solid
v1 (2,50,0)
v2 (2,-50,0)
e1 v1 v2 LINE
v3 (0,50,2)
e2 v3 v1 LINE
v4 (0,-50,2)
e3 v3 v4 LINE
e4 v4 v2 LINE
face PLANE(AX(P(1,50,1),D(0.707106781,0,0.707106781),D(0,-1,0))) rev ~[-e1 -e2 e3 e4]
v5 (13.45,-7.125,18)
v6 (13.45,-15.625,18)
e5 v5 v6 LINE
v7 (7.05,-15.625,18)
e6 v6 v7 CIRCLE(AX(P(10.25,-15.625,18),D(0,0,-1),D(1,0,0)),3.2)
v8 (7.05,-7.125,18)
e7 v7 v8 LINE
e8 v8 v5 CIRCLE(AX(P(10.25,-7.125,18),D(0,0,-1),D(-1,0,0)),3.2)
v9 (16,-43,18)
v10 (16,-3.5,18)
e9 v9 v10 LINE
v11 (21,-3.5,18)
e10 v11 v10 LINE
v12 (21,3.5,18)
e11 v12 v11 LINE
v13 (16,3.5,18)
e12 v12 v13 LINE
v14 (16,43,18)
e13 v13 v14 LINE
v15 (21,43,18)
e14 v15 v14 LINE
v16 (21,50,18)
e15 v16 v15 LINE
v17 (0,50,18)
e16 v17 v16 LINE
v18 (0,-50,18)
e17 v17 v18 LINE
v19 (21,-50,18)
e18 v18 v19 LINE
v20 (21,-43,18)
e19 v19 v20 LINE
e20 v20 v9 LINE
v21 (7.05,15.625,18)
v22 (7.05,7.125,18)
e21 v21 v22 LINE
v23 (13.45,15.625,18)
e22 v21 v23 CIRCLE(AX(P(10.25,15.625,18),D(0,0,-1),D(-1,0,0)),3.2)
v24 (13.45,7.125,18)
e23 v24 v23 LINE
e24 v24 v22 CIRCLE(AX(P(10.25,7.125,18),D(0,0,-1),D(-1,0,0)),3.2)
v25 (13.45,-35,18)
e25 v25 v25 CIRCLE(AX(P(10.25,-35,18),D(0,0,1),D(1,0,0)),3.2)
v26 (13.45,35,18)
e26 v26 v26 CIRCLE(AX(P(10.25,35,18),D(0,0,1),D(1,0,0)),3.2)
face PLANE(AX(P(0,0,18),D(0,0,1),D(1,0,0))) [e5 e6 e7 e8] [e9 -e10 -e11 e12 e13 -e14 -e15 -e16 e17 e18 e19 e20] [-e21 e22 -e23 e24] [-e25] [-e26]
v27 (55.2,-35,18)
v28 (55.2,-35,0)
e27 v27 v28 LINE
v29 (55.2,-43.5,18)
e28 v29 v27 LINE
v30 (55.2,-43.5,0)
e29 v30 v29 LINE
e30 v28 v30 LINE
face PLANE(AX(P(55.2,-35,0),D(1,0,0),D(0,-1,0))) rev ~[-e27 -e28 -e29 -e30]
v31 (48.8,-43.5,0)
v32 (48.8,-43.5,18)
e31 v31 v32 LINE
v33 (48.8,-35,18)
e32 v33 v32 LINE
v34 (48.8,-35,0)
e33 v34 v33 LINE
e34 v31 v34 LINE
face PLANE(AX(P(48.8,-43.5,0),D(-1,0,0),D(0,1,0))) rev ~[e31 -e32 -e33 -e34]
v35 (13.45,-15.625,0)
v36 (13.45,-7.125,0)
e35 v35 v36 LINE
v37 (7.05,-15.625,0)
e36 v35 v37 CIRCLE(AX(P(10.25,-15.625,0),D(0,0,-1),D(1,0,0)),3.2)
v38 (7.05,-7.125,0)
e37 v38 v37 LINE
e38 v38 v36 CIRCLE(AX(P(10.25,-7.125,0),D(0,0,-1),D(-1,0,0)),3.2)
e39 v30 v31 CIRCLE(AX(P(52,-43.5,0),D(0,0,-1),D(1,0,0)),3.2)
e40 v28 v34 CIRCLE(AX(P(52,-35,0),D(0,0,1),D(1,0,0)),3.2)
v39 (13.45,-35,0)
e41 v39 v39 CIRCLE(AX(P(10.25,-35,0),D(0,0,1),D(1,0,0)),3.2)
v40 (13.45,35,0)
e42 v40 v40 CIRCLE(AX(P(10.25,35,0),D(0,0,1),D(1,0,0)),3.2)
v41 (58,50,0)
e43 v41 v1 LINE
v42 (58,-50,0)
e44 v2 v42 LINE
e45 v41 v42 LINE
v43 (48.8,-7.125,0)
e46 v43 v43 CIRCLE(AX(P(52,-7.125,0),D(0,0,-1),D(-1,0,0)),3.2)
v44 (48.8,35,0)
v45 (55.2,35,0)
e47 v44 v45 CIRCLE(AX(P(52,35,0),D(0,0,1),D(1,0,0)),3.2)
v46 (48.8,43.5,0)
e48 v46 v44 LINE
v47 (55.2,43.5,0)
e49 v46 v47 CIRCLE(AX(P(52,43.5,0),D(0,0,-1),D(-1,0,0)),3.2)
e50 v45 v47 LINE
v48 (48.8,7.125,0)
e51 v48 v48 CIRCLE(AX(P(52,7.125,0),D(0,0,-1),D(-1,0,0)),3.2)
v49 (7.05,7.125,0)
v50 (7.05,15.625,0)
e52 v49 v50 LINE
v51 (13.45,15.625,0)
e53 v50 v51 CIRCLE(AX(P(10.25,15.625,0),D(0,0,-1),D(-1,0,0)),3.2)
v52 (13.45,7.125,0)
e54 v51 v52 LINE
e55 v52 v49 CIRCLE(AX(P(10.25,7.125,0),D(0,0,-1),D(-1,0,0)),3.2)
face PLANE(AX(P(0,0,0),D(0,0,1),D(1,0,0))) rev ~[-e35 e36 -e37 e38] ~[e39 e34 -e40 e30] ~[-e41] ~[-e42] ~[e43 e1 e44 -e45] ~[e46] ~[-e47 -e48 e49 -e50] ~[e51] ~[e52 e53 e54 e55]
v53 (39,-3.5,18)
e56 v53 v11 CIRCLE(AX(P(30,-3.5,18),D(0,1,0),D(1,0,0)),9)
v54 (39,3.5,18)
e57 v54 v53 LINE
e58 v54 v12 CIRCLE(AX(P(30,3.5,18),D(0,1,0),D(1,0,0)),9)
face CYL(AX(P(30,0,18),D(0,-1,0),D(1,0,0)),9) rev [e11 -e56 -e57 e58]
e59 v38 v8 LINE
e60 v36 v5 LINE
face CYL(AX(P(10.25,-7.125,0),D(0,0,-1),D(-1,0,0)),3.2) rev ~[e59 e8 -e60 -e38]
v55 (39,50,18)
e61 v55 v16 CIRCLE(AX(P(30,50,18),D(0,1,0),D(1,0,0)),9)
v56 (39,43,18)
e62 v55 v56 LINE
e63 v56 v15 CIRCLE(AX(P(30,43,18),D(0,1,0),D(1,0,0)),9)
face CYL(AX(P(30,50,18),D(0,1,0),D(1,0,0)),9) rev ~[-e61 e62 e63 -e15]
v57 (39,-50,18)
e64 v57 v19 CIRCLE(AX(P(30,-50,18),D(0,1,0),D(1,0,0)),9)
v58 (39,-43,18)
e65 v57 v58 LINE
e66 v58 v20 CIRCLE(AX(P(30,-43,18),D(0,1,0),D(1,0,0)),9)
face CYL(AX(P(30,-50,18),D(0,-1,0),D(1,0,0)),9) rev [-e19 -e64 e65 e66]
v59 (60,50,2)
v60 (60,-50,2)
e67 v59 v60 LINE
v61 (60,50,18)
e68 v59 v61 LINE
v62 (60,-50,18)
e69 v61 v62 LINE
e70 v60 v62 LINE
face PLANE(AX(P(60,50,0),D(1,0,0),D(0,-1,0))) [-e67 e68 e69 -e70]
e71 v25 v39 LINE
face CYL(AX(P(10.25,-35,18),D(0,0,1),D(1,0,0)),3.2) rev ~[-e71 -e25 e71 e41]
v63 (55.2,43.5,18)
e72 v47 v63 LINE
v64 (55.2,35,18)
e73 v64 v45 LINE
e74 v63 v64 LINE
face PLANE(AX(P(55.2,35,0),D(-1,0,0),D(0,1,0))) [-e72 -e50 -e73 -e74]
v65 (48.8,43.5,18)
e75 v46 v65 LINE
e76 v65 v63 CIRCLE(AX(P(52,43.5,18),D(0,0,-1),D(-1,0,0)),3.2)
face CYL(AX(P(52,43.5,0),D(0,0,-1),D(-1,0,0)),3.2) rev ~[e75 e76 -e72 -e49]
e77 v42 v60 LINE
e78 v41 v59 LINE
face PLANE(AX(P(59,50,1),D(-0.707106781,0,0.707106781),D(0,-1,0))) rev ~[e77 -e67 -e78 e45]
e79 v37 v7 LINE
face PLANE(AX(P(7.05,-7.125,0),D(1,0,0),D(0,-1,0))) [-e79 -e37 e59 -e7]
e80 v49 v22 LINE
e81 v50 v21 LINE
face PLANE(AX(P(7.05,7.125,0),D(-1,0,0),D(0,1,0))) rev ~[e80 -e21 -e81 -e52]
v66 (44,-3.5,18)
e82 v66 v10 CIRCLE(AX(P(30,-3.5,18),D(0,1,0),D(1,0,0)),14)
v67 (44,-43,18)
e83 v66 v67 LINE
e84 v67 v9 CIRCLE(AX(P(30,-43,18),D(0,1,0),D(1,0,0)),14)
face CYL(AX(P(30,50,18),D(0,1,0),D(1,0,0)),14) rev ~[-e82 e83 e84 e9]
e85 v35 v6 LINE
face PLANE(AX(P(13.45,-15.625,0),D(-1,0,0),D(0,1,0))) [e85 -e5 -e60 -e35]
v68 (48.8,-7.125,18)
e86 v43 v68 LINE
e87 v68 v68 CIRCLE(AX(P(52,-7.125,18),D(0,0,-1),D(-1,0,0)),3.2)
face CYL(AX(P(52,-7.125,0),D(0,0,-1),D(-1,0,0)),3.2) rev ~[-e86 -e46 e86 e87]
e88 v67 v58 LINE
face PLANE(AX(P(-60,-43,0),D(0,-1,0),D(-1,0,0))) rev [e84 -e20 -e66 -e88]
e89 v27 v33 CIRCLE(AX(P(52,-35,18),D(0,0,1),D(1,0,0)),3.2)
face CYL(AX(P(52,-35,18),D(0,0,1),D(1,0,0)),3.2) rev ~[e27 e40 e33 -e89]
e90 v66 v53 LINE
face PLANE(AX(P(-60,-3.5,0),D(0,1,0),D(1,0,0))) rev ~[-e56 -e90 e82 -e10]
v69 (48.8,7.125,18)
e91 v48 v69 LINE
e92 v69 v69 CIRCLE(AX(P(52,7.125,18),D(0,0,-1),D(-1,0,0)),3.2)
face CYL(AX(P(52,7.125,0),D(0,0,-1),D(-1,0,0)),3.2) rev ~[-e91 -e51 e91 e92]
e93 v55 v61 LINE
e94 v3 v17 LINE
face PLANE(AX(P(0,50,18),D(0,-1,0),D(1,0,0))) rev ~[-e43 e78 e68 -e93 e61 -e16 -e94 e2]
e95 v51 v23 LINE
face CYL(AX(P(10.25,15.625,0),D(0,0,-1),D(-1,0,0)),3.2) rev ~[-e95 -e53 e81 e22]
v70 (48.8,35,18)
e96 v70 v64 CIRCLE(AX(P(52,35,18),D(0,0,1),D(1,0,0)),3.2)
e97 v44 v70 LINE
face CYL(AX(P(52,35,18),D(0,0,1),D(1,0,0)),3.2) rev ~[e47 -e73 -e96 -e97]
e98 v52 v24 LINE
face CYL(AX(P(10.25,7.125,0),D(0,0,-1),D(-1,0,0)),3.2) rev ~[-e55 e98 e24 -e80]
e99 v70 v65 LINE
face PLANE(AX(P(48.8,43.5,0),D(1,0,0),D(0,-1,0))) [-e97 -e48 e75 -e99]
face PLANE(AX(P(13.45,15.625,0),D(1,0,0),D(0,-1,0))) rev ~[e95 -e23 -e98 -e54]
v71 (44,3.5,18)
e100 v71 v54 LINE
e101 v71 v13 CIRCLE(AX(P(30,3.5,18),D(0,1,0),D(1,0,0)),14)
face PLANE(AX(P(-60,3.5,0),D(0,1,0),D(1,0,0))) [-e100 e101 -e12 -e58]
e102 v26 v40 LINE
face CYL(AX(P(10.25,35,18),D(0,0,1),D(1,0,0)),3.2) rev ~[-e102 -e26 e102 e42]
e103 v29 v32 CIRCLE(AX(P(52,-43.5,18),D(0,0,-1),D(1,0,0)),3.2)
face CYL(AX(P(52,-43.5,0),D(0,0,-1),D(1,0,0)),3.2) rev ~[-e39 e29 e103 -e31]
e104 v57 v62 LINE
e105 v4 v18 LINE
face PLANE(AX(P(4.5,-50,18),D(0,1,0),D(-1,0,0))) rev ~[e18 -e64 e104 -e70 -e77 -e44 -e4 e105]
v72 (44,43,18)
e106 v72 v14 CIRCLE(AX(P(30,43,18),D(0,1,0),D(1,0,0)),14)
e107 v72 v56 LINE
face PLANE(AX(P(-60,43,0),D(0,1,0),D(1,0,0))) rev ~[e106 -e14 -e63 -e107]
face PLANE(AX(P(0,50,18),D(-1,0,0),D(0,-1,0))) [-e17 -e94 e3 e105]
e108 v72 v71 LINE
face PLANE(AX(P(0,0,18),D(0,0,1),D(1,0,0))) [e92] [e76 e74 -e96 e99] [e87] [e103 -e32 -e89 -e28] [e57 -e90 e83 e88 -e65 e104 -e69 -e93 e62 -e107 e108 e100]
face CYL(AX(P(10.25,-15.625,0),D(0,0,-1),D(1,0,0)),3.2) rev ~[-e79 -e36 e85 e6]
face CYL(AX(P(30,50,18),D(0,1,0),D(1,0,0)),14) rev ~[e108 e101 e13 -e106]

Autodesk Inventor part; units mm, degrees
ref_plane "YZ Plane" through (0, 0, 0) normal (1, 0, 0) x (0, 1, 0)
ref_plane "XZ Plane" through (0, 0, 0) normal (0, 1, 0) x (-1, 0, 0)
ref_plane "XY Plane" through (0, 0, 0) normal (0, 0, 1) x (1, 0, 0)
sketch "Sketch1" plane through (0, 0, 0) normal (0, 0, 1) x (1, 0, 0)
  line L0 (-60, 50) -> (60, 50)
  line L1 (60, 50) -> (60, -50)
  line L2 (60, -50) -> (-60, -50)
  line L3 (-60, -50) -> (-60, 50)
  point P0 (0, 0)
  point P1 (-60, 0)
  point P2 (0, 50)
  dimension "d0" = 120
  dimension "d1" = 100
extrude "Extrusion1" add sketch "Sketch1" along normal blind 18
sketch "Sketch2" plane through (-60, 50, 0) normal (0, 1, 0) x (1, 0, 0)
  line L0 (0, 0) -> (120, 0) projected
  line L1 (0, 0) -> (0, -18) projected
  line L2 (120, -18) -> (0, -18) projected
  line L3 (120, 0) -> (120, -18) projected
  line L4 (120, -18) -> (0, -18) projected
  circle A0 centre (30, -18) radius 14
  circle A1 centre (90, -18) radius 14
  circle A2 centre (60, -18) radius 4.5
  point P0 (60, 0)
  dimension "d4" = 28
  dimension "d5" = 9
  dimension "d11" = 30
  dimension "d12" = 30
extrude "Extrusion2" cut sketch "Sketch2" against normal through all contours A0 L2 | L2 A0 | A1 L2 | L2 A1 | A2 L2 | L2 A2
sketch "Sketch3" plane through (0, 0, 18) normal (0, 0, 1) x (1, 0, 0)
  line L0 (16, -50) -> (16, 50) projected
  line L1 (16, 50) -> (4.5, 50) projected
  line L2 (4.5, 50) -> (4.5, -50) projected
  line L3 (4.5, -50) -> (16, -50) projected
  line L4 (-4.5, -50) -> (-4.5, 50) projected
  line L5 (-4.5, 50) -> (-16, 50) projected
  line L6 (-16, 50) -> (-16, -50) projected
  line L7 (-16, -50) -> (-4.5, -50) projected
  line L8 (-44, -50) -> (-44, 50) projected
  line L9 (-44, 50) -> (-60, 50) projected
  line L10 (-60, 50) -> (-60, -50) projected
  line L11 (-60, -50) -> (-44, -50) projected
  line L12 (44, 50) -> (44, -50) projected
  line L13 (44, -50) -> (60, -50) projected
  line L14 (60, -50) -> (60, 50) projected
  line L15 (60, 50) -> (44, 50) projected
  line L16 (-60, 50) -> (60, 50) construction
  line L17 (-52, 50) -> (-52, -50) construction
  line L18 (52, 50) -> (52, -50) construction
  line L19 (16, 50) -> (4.5, 50) construction
  line L20 (10.25, 50) -> (10.25, -50) construction
  line L21 (4.5, -50) -> (16, -50) construction
  line L22 (-10.25, 50) -> (-10.25, -50) construction
  line L23 (-16, -50) -> (-4.5, -50) construction
  circle A0 centre (-52, 35) radius 3.2
  circle A1 centre (-52, -35) radius 3.2
  circle A2 centre (52, 35) radius 3.2
  circle A3 centre (52, -35) radius 3.2
  circle A4 centre (-10.25, 35) radius 3.2
  circle A5 centre (10.25, 35) radius 3.2
  circle A6 centre (-10.25, -35) radius 3.2
  circle A7 centre (10.25, -35) radius 3.2
  dimension "d13" = 15
  dimension "d14" = 15
  dimension "d15" = 6.4
extrude "Extrusion3" cut sketch "Sketch3" against normal through all contours A0 | A1 | A2 | A3 | A4 | A5 | A6 | A7
sketch "Sketch6" plane through (0, 0, 0) normal (0, 0, -1) x (-1, 0, 0)
  circle A0 centre (-52, 35) radius 3.2 projected
  circle A1 centre (52, 35) radius 3.2 projected
  circle A2 centre (10.25, 35) radius 3.2 projected
  circle A3 centre (-10.25, 35) radius 3.2 projected
  circle A4 centre (-10.25, -35) radius 3.2 projected
  circle A5 centre (10.25, -35) radius 3.2 projected
  circle A6 centre (52, -35) radius 3.2 projected
  circle A7 centre (-52, -35) radius 3.2 projected
  line L0 (60, 50) -> (-60, 50) projected
  line L1 (-60, 50) -> (-60, -50) projected
  line L2 (-60, -50) -> (60, -50) projected
  line L3 (60, -50) -> (60, 50) projected
  line L4 (52, 7.125) -> (-52, 7.125) construction
  line L5 (-52, 7.125) -> (-52, -7.125) construction
  line L6 (-52, -7.125) -> (52, -7.125) construction
  line L7 (52, -7.125) -> (52, 7.125) construction
  circle A8 centre (-52, -7.125) radius 3.2
  circle A9 centre (52, -7.125) radius 3.2
  circle A10 centre (10.25, -7.125) radius 3.2
  circle A11 centre (-10.25, -7.125) radius 3.2
  circle A12 centre (-10.25, 7.125) radius 3.2
  circle A13 centre (10.25, 7.125) radius 3.2
  circle A14 centre (52, 7.125) radius 3.2
  circle A15 centre (-52, 7.125) radius 3.2
  point P0 (0, 0)
  point P1 (0, 7.125)
  point P2 (52, 0)
  dimension "d26" = 14.25
  dimension "d27" = 6.4
extrude "Extrusion6" cut sketch "Sketch6" against normal through all contours A8 | A9 | A10 | A11 | A12 | A13 | A14 | A15
sketch "Sketch7" plane through (0, 0, 0) normal (0, 0, -1) x (-1, 0, 0)
  circle A0 centre (52, 7.125) radius 3.2 projected
  circle A1 centre (-10.25, 7.125) radius 3.2 projected
  circle A2 centre (10.25, -7.125) radius 3.2 projected
  circle A3 centre (-52, -7.125) radius 3.2 projected
  circle A4 centre (52, -7.125) radius 3.2 projected
  circle A5 centre (-10.25, -7.125) radius 3.2 projected
  circle A6 centre (10.25, 7.125) radius 3.2 projected
  circle A7 centre (-52, 7.125) radius 3.2 projected
  circle A8 centre (-52, 35) radius 3.2 projected
  circle A9 centre (52, 35) radius 3.2 projected
  circle A10 centre (10.25, 35) radius 3.2 projected
  circle A11 centre (-10.25, 35) radius 3.2 projected
  circle A12 centre (-10.25, -35) radius 3.2 projected
  circle A13 centre (10.25, -35) radius 3.2 projected
  circle A14 centre (52, -35) radius 3.2 projected
  circle A15 centre (-52, -35) radius 3.2 projected
  line L0 (60, 50) -> (-60, 50) projected
  line L1 (-60, 50) -> (-60, -50) projected
  line L2 (-60, -50) -> (60, -50) projected
  line L3 (60, -50) -> (60, 50) projected
  line L4 (52, -35) -> (52, -43.5) construction
  line L5 (55.2, -35) -> (55.2, -43.5)
  line L6 (48.8, -43.5) -> (48.8, -35)
  arc A16 (55.2, -35) -> (48.8, -35) centre (52, -35) ccw
  arc A17 (48.8, -43.5) -> (55.2, -43.5) centre (52, -43.5) ccw
  line L7 (-52, -35) -> (-52, -43.5) construction
  line L8 (-55.2, -35) -> (-55.2, -43.5)
  line L9 (-48.8, -43.5) -> (-48.8, -35)
  arc A18 (-48.8, -35) -> (-55.2, -35) centre (-52, -35) ccw
  arc A19 (-55.2, -43.5) -> (-48.8, -43.5) centre (-52, -43.5) ccw
  line L10 (-52, 35) -> (-52, 43.5) construction
  line L11 (-55.2, 35) -> (-55.2, 43.5)
  line L12 (-48.8, 43.5) -> (-48.8, 35)
  arc A20 (-55.2, 35) -> (-48.8, 35) centre (-52, 35) ccw
  arc A21 (-48.8, 43.5) -> (-55.2, 43.5) centre (-52, 43.5) ccw
  line L13 (52, 35) -> (52, 43.5) construction
  line L14 (55.2, 35) -> (55.2, 43.5)
  line L15 (48.8, 43.5) -> (48.8, 35)
  arc A22 (48.8, 35) -> (55.2, 35) centre (52, 35) ccw
  arc A23 (55.2, 43.5) -> (48.8, 43.5) centre (52, 43.5) ccw
  line L16 (10.25, -7.125) -> (10.25, -15.625) construction
  line L17 (13.45, -7.125) -> (13.45, -15.625)
  line L18 (7.05, -15.625) -> (7.05, -7.125)
  arc A24 (13.45, -7.125) -> (7.05, -7.125) centre (10.25, -7.125) ccw
  arc A25 (7.05, -15.625) -> (13.45, -15.625) centre (10.25, -15.625) ccw
  line L19 (-10.25, -7.125) -> (-10.25, -15.625) construction
  line L20 (-7.05, -7.125) -> (-7.05, -15.625)
  line L21 (-13.45, -15.625) -> (-13.45, -7.125)
  arc A26 (-7.05, -7.125) -> (-13.45, -7.125) centre (-10.25, -7.125) ccw
  arc A27 (-13.45, -15.625) -> (-7.05, -15.625) centre (-10.25, -15.625) ccw
  line L22 (-10.25, 7.125) -> (-10.25, 15.625) construction
  line L23 (-7.05, 7.125) -> (-7.05, 15.625)
  line L24 (-13.45, 15.625) -> (-13.45, 7.125)
  arc A28 (-13.45, 7.125) -> (-7.05, 7.125) centre (-10.25, 7.125) ccw
  arc A29 (-7.05, 15.625) -> (-13.45, 15.625) centre (-10.25, 15.625) ccw
  line L25 (10.25, 7.125) -> (10.25, 15.625) construction
  line L26 (13.45, 7.125) -> (13.45, 15.625)
  line L27 (7.05, 15.625) -> (7.05, 7.125)
  arc A30 (7.05, 7.125) -> (13.45, 7.125) centre (10.25, 7.125) ccw
  arc A31 (13.45, 15.625) -> (7.05, 15.625) centre (10.25, 15.625) ccw
  point P0 (0, 0)
  point P1 (52, -39.25)
  point P2 (-52, -39.25)
  point P3 (-52, 39.25)
  point P4 (52, 39.25)
  point P5 (10.25, -11.375)
  point P6 (-10.25, -11.375)
  point P7 (-10.25, 11.375)
  point P8 (10.25, 11.375)
  dimension "d30" = 8.5
  dimension "d31" = 3.2
extrude "Extrusion7" cut sketch "Sketch7" against normal through all contours A1 L24 A29 L23 | L17 A25 L18 A2 | L20 A27 L21 A5 | A6 L27 A31 L26 | A8 L11 A21 L12 | A9 L15 A23 L14 | L5 A17 L6 A14 | L9 A19 L8 A15
sketch "Sketch9" plane through (-60, 50, 0) normal (0, 1, 0) x (1, 0, 0)
  arc A0 (104, -18) -> (76, -18) centre (90, -18) ccw construction
  line L0 (120, -18) -> (104, -18) construction
  line L1 (120, 0) -> (120, -18) construction
  line L2 (0, 0) -> (120, 0) construction
  line L3 (0, 0) -> (0, -18) construction
  line L4 (16, -18) -> (0, -18) construction
  arc A1 (44, -18) -> (16, -18) centre (30, -18) ccw construction
  line L5 (55.5, -18) -> (44, -18) construction
  arc A2 (64.5, -18) -> (55.5, -18) centre (60, -18) ccw projected
  line L6 (76, -18) -> (64.5, -18) construction
  circle A3 centre (90, -18) radius 8 construction
  circle A4 centre (30, -18) radius 8 construction
  arc A5 (99, -18) -> (81, -18) centre (90, -18) ccw
  arc A6 (39, -18) -> (21, -18) centre (30, -18) ccw
  line L7 (120, -18) -> (104, -18) projected
  line L8 (21, -18) -> (16, -18)
  line L9 (104, -18) -> (99, -18)
  line L10 (81, -18) -> (76, -18)
  line L11 (44, -18) -> (39, -18)
  arc A7 (104, -18) -> (76, -18) centre (90, -18) ccw
  arc A8 (44, -18) -> (16, -18) centre (30, -18) ccw
  point P0 (60, 0)
  dimension "d37" = 18
extrude "Extrusion9" add sketch "Sketch9" against normal blind 7
ref_plane "Work Plane1" through (-60, 0, 0) normal (0, 1, 0) x (1, 0, 0)
mirror "Mirror1" about plane through (-60, 0, 0) normal (0, 1, 0) of "Extrusion9"
sketch "Sketch10" plane through (-60, 0, 0) normal (0, 1, 0) x (1, 0, 0)
  line L0 (21, -18) -> (16, -18) projected
  arc A0 (39, -18) -> (21, -18) centre (30, -18) ccw projected
  line L1 (44, -18) -> (39, -18) projected
  arc A1 (44, -18) -> (16, -18) centre (30, -18) ccw projected
  line L2 (104, -18) -> (99, -18) projected
  arc A2 (104, -18) -> (76, -18) centre (90, -18) ccw projected
  line L3 (81, -18) -> (76, -18) projected
  arc A3 (99, -18) -> (81, -18) centre (90, -18) ccw projected
  point P0 (60, 0)
extrude "Extrusion10" add sketch "Sketch10" along normal mid plane 7
chamfer "Chamfer1" distance 2 angle 45 2 edges at (-60, 0, 0) (60, 0, 0)
sketch "Sketch12" plane through (0, 0, 0) normal (0, 0, -1) x (-1, 0, 0)
  line L0 (-58, -50) -> (-58, 50) construction
  line L1 (-58, -50) -> (58, -50) construction
  line L2 (58, 50) -> (58, -50) construction
  line L3 (58, 50) -> (-58, 50) construction
  line L4 (-48.8, -35) -> (-48.8, -43.5) construction
  arc A0 (-55.2, -43.5) -> (-48.8, -43.5) centre (-52, -43.5) ccw construction
  line L5 (-55.2, -43.5) -> (-55.2, -35) construction
  arc A1 (-48.8, -35) -> (-55.2, -35) centre (-52, -35) ccw construction
  line L6 (55.2, -35) -> (55.2, -43.5) construction
  arc A2 (48.8, -43.5) -> (55.2, -43.5) centre (52, -43.5) ccw construction
  line L7 (48.8, -43.5) -> (48.8, -35) construction
  arc A3 (55.2, -35) -> (48.8, -35) centre (52, -35) ccw construction
  circle A4 centre (10.25, -35) radius 3.2 construction
  circle A5 centre (-10.25, -35) radius 3.2 construction
  circle A6 centre (-10.25, 35) radius 3.2 construction
  circle A7 centre (10.25, 35) radius 3.2 construction
  line L8 (-55.2, 35) -> (-55.2, 43.5) construction
  arc A8 (-48.8, 43.5) -> (-55.2, 43.5) centre (-52, 43.5) ccw construction
  line L9 (-48.8, 43.5) -> (-48.8, 35) construction
  arc A9 (-55.2, 35) -> (-48.8, 35) centre (-52, 35) ccw construction
  circle A10 centre (-52, 7.125) radius 3.2 construction
  line L10 (-7.05, -7.125) -> (-7.05, -15.625) construction
  arc A11 (-13.45, -15.625) -> (-7.05, -15.625) centre (-10.25, -15.625) ccw construction
  line L11 (-13.45, -15.625) -> (-13.45, -7.125) construction
  arc A12 (-7.05, -7.125) -> (-13.45, -7.125) centre (-10.25, -7.125) ccw construction
  circle A13 centre (52, -7.125) radius 3.2 construction
  circle A14 centre (-52, -7.125) radius 3.2 construction
  line L12 (13.45, -7.125) -> (13.45, -15.625) construction
  arc A15 (7.05, -15.625) -> (13.45, -15.625) centre (10.25, -15.625) ccw construction
  line L13 (7.05, -15.625) -> (7.05, -7.125) construction
  arc A16 (13.45, -7.125) -> (7.05, -7.125) centre (10.25, -7.125) ccw construction
  circle A17 centre (52, 7.125) radius 3.2 construction
  line L14 (13.45, 15.625) -> (13.45, 7.125) construction
  arc A18 (7.05, 7.125) -> (13.45, 7.125) centre (10.25, 7.125) ccw construction
  line L15 (7.05, 7.125) -> (7.05, 15.625) construction
  arc A19 (13.45, 15.625) -> (7.05, 15.625) centre (10.25, 15.625) ccw construction
  line L16 (55.2, 43.5) -> (55.2, 35) construction
  arc A20 (48.8, 35) -> (55.2, 35) centre (52, 35) ccw construction
  line L17 (48.8, 35) -> (48.8, 43.5) construction
  arc A21 (55.2, 43.5) -> (48.8, 43.5) centre (52, 43.5) ccw construction
  line L18 (-7.05, 15.625) -> (-7.05, 7.125) construction
  arc A22 (-13.45, 7.125) -> (-7.05, 7.125) centre (-10.25, 7.125) ccw construction
  line L19 (-13.45, 7.125) -> (-13.45, 15.625) construction
  arc A23 (-7.05, 15.625) -> (-13.45, 15.625) centre (-10.25, 15.625) ccw construction
  line L20 (60, 50) -> (58, 50) construction
  line L21 (58, 50) -> (58, -50) construction
  line L22 (58, -50) -> (60, -50) construction
  line L23 (60, -50) -> (60, 50) construction
  line L24 (-60, -50) -> (-58, -50) construction
  line L25 (-58, -50) -> (-58, 50) construction
  line L26 (-58, 50) -> (-60, 50) construction
  line L27 (-60, 50) -> (-60, -50) construction
  line L28 (60, 50) -> (0, 50)
  line L29 (0, 50) -> (0, -50)
  line L30 (0, -50) -> (60, -50)
  line L31 (60, -50) -> (60, 50)
  point P0 (0, 0)
extrude "Extrusion11" cut sketch "Sketch12" against normal through all
sketch "Sketch13" plane through (0, 0, 18) normal (0, 0, 1) x (1, 0, 0)
  line L0 (0, 50) -> (0, -50) projected
  line L1 (4.5, -50) -> (0, -50) projected
  line L2 (4.5, 50) -> (4.5, -50) projected
  line L3 (0, 50) -> (4.5, 50) projected
  point P0 (0, 0)
extrude "Extrusion12" add sketch "Sketch13" against normal up to surface (18 mm away)
chamfer "Chamfer2" distance 2 angle 45 1 edges at (0, 0, 0)
properties part number "AXCARv4" material "PC/ABS Plastic"
